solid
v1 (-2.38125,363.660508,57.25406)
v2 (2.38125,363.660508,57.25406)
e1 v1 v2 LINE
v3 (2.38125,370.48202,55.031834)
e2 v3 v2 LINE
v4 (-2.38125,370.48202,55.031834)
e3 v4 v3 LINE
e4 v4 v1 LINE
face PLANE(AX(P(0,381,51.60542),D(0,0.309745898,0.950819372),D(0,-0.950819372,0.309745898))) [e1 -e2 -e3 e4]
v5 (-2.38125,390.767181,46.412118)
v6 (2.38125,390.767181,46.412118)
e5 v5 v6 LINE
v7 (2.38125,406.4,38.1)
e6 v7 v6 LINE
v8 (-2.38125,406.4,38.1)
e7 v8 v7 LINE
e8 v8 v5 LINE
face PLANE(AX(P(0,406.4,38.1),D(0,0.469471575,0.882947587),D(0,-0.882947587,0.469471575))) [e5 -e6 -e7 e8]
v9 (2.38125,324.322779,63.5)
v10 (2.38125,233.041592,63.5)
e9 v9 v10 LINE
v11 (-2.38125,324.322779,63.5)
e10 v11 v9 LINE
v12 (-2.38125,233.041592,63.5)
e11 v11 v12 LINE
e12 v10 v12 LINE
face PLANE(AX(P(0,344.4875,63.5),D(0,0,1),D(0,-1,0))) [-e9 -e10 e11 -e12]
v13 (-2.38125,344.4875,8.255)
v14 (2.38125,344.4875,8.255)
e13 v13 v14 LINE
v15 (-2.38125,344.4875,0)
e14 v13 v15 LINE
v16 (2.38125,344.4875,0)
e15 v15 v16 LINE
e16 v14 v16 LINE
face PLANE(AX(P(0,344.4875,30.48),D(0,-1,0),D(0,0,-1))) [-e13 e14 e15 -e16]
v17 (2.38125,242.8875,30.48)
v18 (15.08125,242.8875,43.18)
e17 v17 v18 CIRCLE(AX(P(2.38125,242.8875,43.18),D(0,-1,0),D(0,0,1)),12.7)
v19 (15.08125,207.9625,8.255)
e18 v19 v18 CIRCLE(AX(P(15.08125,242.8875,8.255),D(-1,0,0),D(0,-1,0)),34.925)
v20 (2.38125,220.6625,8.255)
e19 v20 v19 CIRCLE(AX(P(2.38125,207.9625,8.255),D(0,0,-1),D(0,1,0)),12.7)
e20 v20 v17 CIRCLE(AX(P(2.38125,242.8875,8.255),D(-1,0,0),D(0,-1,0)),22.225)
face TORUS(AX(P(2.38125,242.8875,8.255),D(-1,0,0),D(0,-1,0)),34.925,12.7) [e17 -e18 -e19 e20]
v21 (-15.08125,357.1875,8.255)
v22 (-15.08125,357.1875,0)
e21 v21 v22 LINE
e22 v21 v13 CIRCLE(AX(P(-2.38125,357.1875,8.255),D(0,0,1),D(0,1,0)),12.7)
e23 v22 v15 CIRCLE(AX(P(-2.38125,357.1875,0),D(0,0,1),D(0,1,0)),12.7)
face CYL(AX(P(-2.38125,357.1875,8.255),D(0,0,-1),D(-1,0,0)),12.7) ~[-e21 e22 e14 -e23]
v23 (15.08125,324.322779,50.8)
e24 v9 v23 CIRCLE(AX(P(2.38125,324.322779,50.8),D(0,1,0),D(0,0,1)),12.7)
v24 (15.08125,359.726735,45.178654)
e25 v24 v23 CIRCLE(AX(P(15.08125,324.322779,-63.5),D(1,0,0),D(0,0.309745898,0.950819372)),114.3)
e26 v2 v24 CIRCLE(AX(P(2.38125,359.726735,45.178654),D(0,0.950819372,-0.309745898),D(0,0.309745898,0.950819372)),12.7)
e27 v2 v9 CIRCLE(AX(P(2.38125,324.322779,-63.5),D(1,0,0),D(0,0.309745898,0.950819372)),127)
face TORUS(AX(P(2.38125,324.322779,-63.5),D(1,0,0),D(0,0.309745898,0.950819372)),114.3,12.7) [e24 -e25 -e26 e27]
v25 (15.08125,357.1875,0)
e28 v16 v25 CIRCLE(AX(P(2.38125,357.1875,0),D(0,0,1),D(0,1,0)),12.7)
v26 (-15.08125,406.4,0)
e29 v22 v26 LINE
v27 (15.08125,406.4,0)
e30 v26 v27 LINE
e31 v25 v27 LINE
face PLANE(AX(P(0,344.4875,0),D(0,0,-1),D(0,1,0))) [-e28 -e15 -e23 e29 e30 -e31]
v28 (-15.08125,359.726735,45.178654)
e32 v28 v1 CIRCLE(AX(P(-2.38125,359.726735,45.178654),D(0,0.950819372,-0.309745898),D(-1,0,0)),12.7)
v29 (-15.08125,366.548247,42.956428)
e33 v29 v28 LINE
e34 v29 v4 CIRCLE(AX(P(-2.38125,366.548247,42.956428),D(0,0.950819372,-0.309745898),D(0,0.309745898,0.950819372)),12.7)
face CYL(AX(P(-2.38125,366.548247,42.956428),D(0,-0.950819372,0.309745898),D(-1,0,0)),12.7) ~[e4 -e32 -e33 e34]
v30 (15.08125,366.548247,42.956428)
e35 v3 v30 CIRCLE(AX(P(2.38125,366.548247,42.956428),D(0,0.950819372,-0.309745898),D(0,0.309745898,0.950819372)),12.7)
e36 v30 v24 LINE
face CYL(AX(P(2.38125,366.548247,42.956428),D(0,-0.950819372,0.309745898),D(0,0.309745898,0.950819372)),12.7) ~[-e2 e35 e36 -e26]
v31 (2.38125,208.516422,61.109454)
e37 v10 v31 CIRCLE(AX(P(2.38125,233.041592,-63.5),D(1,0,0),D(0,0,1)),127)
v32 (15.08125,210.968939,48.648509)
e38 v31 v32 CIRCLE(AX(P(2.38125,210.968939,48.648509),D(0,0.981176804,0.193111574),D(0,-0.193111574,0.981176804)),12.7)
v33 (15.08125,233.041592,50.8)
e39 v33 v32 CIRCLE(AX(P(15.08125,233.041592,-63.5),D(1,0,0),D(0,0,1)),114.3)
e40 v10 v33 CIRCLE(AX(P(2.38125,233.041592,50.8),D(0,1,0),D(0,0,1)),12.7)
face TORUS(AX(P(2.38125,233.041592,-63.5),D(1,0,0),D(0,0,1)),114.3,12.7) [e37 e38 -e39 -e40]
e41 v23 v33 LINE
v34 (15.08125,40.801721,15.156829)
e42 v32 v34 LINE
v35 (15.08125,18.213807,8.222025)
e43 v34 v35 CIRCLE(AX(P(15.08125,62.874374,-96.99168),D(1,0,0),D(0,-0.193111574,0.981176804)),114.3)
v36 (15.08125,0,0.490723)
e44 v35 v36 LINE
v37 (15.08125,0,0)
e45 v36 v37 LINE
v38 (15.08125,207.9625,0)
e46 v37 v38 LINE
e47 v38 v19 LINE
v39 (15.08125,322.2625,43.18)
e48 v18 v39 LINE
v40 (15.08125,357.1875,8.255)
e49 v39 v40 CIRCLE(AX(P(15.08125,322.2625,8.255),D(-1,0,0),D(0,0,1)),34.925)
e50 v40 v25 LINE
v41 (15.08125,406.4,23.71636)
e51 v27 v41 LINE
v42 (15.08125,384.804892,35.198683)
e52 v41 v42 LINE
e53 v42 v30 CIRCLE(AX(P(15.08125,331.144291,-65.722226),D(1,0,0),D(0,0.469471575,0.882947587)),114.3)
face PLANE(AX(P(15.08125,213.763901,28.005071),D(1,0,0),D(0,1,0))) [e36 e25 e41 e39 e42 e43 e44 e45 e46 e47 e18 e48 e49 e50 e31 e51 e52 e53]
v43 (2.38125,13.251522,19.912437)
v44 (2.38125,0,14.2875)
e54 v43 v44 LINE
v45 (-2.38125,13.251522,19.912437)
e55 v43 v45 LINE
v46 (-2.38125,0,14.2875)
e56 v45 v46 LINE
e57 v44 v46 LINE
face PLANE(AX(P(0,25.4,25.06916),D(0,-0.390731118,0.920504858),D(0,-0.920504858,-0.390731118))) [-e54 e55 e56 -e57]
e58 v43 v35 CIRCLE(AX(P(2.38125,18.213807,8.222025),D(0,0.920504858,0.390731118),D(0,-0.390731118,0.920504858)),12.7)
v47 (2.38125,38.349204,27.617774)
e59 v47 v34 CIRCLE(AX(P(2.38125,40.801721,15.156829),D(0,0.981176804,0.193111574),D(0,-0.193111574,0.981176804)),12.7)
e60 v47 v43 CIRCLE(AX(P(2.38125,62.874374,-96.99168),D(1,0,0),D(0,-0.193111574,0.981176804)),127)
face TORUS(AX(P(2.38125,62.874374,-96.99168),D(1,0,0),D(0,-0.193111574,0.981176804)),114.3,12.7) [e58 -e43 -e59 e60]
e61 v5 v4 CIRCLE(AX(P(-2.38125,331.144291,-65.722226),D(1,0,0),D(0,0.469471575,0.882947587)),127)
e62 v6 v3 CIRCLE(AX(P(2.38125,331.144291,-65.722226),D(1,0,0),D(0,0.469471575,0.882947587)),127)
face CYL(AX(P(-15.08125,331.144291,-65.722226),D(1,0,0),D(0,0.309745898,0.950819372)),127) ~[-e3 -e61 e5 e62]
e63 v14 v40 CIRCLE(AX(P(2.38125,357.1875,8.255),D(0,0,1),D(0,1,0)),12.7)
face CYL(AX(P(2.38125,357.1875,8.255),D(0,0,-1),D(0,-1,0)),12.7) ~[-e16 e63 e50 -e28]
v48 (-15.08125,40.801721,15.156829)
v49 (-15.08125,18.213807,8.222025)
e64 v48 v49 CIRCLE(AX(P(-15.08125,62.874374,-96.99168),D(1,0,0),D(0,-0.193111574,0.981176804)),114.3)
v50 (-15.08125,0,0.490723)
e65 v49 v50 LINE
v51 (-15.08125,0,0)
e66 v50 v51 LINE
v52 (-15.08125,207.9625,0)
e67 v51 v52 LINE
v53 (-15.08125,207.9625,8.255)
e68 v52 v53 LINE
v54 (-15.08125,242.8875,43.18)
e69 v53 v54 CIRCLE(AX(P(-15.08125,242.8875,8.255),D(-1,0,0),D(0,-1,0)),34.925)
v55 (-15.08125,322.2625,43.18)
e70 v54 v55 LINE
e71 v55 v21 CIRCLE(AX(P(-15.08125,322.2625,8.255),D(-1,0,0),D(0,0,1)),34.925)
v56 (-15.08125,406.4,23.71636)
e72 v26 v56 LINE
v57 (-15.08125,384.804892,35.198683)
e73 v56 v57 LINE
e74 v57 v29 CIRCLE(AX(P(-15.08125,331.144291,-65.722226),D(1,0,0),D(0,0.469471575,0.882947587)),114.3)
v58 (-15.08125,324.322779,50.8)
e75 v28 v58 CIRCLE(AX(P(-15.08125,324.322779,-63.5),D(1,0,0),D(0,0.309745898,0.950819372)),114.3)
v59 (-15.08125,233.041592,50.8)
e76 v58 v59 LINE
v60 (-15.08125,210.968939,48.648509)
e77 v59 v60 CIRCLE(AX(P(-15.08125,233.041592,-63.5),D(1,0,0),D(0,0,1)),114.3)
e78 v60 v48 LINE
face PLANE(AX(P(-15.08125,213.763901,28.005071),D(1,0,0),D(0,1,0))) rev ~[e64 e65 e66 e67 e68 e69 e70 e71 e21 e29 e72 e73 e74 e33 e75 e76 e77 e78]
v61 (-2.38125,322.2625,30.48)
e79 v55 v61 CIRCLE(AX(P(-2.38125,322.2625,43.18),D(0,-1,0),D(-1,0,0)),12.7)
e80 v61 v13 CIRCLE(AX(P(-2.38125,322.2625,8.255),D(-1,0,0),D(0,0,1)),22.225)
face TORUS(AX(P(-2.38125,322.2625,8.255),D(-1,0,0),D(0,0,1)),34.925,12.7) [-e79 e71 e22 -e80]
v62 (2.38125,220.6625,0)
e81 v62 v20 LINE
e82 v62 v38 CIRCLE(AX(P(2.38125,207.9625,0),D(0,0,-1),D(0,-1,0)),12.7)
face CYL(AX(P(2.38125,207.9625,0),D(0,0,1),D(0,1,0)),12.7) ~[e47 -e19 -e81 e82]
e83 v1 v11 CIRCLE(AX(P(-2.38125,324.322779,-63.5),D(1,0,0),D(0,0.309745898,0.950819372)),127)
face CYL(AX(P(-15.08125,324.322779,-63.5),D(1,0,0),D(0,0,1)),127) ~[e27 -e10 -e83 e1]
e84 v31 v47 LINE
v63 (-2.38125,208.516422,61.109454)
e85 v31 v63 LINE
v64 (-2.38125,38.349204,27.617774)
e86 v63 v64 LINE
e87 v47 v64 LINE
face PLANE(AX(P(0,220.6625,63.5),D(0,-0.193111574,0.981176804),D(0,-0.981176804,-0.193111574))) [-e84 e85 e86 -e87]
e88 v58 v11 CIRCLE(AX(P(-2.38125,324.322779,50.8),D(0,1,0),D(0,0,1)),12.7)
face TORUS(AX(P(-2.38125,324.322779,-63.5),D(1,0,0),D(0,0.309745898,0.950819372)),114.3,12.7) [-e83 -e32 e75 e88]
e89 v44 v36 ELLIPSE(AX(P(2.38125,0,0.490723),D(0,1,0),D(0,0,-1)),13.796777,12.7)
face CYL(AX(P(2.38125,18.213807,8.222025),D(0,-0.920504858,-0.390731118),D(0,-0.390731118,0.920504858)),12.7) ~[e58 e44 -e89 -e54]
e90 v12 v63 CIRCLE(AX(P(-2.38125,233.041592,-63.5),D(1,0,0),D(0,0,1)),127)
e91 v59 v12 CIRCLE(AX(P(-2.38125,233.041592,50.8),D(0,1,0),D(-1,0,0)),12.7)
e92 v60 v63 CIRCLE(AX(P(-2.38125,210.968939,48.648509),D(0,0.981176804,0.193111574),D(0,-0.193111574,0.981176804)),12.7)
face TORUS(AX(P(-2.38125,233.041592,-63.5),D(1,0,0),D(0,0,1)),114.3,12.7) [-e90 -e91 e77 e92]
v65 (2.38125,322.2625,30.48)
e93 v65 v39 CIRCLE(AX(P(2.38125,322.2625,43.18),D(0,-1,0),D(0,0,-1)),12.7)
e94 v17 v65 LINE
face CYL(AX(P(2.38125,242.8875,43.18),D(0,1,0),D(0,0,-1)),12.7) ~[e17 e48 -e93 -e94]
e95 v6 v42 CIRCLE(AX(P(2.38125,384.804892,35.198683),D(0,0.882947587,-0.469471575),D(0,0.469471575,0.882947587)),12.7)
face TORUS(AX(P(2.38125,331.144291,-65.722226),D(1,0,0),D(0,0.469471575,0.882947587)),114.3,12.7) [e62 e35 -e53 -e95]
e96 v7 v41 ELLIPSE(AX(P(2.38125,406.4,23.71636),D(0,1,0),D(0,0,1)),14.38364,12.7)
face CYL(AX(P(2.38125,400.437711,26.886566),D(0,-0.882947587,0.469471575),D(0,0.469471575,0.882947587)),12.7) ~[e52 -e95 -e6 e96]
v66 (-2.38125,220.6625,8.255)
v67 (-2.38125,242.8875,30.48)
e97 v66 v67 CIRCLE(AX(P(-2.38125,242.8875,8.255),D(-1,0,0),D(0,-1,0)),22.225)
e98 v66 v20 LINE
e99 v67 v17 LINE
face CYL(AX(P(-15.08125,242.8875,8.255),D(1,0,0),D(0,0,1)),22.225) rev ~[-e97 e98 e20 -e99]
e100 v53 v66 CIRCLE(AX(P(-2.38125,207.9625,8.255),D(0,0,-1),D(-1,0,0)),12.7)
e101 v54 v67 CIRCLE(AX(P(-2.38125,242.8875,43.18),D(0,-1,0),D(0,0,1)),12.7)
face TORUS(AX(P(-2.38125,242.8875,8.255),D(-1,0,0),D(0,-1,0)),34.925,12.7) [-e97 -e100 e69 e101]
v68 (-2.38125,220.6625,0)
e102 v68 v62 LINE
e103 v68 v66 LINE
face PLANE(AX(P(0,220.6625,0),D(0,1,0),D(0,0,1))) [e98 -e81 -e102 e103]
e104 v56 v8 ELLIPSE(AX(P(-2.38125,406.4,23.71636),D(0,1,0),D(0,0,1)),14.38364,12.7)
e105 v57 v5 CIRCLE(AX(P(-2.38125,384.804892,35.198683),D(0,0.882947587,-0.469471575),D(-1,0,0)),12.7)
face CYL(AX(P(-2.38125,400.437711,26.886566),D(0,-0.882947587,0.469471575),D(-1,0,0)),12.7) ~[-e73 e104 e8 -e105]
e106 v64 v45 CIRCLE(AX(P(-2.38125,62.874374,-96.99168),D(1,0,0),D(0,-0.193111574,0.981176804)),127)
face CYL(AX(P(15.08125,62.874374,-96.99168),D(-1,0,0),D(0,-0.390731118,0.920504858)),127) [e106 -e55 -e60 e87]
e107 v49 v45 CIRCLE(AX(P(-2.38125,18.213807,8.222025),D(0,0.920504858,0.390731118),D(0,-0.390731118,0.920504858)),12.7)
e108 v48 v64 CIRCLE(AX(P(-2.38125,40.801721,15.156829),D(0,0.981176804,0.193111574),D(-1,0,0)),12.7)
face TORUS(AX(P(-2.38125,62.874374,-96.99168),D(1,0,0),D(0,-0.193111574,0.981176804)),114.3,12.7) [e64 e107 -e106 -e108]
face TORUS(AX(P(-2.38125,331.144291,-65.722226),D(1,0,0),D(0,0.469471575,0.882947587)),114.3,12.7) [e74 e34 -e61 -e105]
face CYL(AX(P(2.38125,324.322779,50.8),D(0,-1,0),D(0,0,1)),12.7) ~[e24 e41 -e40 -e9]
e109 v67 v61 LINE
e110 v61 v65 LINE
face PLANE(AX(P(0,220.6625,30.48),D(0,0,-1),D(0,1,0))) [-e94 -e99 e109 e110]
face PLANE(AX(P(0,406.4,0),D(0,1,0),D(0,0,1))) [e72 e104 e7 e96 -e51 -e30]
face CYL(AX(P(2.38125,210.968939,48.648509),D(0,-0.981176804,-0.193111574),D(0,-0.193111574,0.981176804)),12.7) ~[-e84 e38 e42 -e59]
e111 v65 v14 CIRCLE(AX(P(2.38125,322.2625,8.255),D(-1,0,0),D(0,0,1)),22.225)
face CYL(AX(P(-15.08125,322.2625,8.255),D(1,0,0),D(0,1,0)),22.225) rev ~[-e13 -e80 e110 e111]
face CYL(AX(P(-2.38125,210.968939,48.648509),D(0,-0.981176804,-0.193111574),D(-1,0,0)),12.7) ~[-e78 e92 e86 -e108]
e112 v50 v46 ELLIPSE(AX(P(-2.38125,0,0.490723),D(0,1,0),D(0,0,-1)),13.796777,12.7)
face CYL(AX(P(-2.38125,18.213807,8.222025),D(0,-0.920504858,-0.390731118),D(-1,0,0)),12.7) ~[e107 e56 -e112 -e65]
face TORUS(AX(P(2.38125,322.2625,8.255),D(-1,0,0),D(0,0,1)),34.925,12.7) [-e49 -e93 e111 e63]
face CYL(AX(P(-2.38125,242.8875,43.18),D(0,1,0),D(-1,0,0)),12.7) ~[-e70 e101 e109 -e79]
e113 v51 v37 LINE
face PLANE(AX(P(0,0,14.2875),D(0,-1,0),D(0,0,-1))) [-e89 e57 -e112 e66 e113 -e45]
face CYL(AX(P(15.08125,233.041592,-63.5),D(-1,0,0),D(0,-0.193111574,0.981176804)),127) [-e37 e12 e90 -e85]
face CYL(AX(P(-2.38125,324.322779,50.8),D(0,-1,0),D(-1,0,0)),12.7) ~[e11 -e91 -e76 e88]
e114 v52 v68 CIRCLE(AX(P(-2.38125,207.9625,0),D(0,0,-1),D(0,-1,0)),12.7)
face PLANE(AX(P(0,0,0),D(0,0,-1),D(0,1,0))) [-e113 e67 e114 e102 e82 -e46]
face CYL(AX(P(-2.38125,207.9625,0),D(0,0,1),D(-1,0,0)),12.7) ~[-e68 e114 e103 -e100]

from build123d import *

# Parameters (mm, degrees)
F1_DEPTH      = 15.08125
F1_DEPTH_BACK = 15.08125
F2_R          = 127
F3_R          = 22.225
F4_R          = 12.7


with BuildPart() as f1:
    # F0 (on Right) → F1 (new body, two sides)
    with BuildSketch(Plane.YZ) as f1_sk:
        Polygon((0, 14.2875), (0, 0), (220.6625, 0), (220.6625, 30.48), (344.4875, 30.48), (344.4875, 0), (406.4, 0), (406.4, 38.1), (381, 51.60542), (344.4875, 63.5), (220.6625, 63.5), (25.4, 25.06916), align=None)
    extrude(amount=F1_DEPTH)
    extrude(f1_sk.sketch, amount=-F1_DEPTH_BACK)

    # F2
    f2_edges = [f1.edges().sort_by_distance(p)[0] for p in [
        (0, 25.4, 25.06916),
        (0, 381, 51.60542),
        (0, 344.4875, 63.5),
        (0, 220.6625, 63.5),
    ]]
    fillet(f2_edges, radius=F2_R)

    # F3
    f3_edges = [f1.edges().sort_by_distance(p)[0] for p in [
        (0, 220.6625, 30.48),
        (0, 344.4875, 30.48),
    ]]
    fillet(f3_edges, radius=F3_R)

    # F4
    f4_edges = [f1.edges().sort_by_distance(p)[0] for p in [
        (15.08125, 282.575, 30.48),
        (15.08125, 278.682185, 63.5),
        (-15.08125, 278.682185, 63.5),
        (-15.08125, 282.575, 30.48),
    ]]
    fillet(f4_edges, radius=F4_R)


solid = f1.part
